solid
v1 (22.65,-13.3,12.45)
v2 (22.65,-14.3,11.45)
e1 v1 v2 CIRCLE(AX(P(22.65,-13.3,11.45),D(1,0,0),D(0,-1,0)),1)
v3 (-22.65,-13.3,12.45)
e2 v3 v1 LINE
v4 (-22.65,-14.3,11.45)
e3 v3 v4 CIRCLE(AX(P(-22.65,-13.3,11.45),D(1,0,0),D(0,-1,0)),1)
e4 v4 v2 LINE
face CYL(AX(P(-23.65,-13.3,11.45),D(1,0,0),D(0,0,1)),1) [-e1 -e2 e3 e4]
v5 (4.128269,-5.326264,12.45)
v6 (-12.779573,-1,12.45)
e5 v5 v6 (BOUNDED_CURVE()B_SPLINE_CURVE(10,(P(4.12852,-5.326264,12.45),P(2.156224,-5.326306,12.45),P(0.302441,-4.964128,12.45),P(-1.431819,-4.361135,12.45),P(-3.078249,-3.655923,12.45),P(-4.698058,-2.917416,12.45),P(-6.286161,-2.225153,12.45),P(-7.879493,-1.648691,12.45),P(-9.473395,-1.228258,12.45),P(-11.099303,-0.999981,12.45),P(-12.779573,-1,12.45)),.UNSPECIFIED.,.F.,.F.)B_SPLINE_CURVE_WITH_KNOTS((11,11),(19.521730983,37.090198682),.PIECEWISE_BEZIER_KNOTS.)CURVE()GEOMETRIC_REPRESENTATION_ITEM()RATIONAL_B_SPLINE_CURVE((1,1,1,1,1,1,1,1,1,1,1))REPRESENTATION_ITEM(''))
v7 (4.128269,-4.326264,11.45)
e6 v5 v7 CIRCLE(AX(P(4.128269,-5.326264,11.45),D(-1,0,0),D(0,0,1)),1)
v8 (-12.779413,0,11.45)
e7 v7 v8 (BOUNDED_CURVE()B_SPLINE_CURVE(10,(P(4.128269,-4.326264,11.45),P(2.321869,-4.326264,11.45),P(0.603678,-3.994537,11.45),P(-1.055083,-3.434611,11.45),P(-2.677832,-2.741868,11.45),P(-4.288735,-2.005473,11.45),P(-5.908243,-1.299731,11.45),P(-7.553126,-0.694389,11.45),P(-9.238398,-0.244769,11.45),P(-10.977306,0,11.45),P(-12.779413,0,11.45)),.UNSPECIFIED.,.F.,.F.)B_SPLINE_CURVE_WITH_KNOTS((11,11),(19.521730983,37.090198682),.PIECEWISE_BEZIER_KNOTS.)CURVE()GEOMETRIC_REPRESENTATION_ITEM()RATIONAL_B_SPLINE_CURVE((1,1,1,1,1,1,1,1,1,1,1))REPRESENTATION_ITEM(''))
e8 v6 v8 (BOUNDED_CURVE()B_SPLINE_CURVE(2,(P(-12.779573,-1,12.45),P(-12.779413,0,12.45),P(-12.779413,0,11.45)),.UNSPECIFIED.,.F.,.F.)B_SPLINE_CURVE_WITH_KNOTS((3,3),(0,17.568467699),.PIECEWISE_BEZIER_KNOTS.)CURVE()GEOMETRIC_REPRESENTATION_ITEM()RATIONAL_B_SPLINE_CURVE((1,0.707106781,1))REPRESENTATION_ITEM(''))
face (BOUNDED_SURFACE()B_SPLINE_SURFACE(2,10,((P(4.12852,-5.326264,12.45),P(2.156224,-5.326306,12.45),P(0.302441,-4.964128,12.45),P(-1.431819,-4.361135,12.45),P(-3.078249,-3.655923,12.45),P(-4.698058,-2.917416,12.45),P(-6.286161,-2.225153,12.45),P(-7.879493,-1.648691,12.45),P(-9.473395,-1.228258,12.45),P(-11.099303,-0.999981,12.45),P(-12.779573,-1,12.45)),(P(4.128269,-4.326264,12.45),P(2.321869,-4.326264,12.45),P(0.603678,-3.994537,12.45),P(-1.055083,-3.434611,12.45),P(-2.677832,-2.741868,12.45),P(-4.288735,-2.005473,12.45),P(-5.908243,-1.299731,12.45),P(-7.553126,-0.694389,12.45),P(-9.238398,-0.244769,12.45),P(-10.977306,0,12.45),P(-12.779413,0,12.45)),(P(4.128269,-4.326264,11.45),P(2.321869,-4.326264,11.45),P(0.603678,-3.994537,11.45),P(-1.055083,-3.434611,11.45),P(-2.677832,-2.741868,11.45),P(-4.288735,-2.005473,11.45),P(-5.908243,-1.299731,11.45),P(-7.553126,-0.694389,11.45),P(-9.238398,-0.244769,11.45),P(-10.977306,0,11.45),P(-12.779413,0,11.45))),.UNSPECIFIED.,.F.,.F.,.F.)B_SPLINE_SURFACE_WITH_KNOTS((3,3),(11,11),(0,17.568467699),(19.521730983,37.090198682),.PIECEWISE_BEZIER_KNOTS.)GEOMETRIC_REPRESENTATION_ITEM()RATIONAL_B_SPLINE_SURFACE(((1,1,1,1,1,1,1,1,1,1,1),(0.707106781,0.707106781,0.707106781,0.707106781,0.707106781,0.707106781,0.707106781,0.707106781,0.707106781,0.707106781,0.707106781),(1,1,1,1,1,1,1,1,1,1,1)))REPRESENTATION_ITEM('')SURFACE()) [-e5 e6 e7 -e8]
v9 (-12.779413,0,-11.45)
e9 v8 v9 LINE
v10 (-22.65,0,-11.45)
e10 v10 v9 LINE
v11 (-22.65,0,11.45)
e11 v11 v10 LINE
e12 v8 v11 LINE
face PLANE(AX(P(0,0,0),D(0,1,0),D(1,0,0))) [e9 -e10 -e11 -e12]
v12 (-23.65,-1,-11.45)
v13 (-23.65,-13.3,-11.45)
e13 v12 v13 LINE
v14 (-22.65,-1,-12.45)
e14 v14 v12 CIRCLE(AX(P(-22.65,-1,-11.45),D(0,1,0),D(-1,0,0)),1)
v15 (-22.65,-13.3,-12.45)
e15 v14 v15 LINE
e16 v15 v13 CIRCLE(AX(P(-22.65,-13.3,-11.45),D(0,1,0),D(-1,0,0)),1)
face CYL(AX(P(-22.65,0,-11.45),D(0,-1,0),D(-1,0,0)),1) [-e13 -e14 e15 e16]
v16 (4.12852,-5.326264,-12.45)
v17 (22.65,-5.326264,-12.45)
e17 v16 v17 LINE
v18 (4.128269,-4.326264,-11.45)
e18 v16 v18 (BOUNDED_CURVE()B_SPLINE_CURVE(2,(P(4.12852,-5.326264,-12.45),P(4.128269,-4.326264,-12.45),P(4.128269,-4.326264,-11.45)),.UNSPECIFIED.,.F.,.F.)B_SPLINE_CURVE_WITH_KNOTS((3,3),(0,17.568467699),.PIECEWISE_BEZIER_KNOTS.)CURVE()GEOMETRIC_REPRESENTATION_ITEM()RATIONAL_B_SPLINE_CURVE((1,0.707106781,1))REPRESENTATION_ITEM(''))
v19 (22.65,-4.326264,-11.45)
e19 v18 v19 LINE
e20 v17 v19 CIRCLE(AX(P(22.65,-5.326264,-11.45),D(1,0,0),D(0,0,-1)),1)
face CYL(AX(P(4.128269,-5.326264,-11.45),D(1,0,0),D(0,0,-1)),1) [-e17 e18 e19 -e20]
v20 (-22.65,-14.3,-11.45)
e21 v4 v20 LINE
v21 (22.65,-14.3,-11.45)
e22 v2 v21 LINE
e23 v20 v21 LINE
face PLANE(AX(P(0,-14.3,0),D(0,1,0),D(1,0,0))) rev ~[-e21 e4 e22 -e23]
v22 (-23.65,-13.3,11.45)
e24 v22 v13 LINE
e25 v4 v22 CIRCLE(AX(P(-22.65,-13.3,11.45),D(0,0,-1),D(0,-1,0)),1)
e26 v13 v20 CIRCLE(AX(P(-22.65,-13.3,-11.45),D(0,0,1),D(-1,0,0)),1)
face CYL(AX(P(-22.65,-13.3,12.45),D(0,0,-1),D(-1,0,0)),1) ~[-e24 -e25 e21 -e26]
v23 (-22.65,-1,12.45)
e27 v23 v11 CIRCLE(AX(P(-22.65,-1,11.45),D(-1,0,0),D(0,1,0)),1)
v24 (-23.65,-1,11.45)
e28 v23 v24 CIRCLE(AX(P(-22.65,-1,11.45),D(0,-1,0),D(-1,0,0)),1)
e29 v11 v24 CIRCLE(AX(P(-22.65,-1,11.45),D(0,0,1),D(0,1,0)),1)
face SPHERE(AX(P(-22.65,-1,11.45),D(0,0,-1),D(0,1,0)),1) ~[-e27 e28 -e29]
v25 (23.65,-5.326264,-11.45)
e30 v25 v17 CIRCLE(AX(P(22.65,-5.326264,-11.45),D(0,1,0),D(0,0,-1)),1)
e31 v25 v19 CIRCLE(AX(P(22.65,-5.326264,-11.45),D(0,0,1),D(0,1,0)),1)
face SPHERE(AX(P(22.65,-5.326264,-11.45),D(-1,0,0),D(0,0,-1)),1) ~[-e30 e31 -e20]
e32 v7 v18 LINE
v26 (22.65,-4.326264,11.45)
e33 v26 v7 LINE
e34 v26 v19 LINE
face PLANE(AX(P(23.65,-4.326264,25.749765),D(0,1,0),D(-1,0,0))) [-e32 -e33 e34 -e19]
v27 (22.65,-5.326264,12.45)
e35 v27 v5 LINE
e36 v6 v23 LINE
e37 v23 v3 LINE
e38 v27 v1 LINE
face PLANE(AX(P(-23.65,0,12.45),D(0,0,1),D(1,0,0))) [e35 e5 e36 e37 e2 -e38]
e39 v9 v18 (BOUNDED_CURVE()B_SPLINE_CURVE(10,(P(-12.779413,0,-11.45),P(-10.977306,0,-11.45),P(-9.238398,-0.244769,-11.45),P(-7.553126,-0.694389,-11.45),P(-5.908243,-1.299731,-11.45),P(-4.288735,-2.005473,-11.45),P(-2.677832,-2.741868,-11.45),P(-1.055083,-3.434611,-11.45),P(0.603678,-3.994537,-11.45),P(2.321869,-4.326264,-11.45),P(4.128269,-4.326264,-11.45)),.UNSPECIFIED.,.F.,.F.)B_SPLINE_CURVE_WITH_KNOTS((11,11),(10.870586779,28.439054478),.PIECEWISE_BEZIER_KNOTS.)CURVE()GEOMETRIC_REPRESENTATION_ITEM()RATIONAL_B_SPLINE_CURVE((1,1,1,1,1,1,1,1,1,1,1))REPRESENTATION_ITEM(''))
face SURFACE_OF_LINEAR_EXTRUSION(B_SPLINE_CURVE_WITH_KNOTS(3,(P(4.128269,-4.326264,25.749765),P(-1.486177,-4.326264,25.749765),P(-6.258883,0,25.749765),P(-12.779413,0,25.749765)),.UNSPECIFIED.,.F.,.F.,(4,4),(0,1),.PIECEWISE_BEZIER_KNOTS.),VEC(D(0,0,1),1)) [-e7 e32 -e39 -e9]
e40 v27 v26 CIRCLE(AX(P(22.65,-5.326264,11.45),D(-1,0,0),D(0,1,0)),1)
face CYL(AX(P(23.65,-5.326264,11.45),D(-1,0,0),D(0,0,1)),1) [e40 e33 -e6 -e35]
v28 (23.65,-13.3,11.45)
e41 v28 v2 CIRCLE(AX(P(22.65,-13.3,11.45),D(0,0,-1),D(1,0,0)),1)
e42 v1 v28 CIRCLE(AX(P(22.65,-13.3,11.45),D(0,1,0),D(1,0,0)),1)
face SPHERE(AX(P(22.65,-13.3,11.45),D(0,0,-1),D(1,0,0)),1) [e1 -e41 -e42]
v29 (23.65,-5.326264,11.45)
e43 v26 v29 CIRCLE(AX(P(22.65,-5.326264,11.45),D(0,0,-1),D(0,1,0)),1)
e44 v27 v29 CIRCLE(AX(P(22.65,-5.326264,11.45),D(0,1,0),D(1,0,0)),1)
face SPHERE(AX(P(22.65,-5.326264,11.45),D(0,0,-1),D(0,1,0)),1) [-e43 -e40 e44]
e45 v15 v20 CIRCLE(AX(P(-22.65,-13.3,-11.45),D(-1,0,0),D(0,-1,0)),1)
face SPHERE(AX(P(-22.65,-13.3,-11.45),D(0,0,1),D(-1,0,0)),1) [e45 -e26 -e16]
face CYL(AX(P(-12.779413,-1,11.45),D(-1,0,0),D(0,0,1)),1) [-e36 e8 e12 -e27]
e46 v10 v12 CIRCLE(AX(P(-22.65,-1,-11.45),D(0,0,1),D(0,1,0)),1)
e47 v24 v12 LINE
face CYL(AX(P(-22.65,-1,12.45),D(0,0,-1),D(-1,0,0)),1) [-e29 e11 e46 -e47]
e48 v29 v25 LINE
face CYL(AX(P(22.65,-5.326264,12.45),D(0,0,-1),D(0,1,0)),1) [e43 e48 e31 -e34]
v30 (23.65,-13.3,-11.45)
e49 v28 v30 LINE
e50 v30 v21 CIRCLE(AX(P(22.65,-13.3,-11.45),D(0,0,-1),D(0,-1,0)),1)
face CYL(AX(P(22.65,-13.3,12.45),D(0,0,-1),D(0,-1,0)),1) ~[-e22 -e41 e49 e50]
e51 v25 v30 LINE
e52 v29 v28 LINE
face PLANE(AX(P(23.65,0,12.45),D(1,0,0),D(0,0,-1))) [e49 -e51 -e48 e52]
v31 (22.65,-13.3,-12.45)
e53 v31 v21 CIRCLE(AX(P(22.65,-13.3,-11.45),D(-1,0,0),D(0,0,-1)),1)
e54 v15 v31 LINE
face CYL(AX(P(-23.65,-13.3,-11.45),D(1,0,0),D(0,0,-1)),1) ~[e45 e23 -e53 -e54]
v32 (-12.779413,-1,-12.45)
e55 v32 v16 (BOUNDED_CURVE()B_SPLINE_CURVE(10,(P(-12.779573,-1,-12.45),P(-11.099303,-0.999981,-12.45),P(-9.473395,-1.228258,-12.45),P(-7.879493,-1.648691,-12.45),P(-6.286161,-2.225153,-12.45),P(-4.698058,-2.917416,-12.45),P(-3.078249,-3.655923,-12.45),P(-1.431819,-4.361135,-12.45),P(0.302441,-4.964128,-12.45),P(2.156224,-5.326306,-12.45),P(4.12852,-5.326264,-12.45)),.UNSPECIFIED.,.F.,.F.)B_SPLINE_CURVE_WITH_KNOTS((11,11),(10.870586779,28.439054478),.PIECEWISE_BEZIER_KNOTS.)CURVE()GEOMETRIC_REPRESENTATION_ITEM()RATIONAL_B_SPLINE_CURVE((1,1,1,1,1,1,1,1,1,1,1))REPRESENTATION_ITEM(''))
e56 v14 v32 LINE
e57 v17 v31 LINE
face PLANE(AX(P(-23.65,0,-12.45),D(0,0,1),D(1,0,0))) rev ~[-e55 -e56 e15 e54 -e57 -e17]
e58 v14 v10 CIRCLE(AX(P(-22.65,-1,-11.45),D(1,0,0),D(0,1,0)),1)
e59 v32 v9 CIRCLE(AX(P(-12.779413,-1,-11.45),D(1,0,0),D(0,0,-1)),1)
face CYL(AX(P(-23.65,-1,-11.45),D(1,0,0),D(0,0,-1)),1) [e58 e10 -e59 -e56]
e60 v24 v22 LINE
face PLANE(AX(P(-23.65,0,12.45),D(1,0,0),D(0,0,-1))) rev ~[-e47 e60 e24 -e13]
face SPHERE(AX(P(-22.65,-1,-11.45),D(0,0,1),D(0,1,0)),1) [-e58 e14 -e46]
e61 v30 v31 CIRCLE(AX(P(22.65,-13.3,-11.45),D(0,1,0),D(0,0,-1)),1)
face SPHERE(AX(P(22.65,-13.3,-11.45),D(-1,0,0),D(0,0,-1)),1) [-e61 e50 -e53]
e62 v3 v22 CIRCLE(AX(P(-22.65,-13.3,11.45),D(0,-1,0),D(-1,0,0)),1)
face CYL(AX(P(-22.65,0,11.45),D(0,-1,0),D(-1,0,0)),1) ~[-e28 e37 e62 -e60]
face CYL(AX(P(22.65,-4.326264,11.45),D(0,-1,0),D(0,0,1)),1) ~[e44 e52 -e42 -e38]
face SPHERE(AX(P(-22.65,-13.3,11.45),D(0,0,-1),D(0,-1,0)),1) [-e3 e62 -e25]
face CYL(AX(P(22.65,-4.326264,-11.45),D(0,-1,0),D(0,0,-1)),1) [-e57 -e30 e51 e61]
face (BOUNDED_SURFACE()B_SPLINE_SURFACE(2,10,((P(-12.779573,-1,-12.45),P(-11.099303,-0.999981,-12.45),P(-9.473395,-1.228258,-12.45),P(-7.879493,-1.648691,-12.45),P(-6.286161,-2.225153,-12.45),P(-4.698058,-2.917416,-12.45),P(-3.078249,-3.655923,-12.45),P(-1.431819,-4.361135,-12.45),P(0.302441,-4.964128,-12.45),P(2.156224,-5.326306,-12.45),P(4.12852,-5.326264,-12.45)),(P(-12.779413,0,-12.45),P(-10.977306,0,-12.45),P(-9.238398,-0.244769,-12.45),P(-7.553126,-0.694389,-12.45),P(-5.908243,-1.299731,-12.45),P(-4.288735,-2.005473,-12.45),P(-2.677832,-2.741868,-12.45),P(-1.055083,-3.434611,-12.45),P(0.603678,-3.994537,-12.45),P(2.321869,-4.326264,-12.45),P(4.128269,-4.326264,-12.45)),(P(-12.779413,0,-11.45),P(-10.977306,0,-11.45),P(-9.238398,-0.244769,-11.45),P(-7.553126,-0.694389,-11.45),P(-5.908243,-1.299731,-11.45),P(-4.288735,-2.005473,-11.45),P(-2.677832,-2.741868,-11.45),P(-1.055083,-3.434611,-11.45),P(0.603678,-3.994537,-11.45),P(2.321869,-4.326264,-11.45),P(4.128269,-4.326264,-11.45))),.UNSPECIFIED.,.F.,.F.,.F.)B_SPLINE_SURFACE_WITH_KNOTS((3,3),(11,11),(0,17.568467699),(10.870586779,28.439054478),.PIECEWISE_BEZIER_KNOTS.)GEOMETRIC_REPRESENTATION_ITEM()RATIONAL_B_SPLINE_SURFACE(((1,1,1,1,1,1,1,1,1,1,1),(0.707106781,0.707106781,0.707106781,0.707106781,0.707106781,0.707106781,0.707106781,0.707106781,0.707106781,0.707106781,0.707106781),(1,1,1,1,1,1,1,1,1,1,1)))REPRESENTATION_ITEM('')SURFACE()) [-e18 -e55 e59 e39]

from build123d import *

# Parameters (mm, degrees)
SKETCH2_W               = 47.3
SKETCH2_H               = 24.9
BOSS_EXTRUDE1_DEPTH     = 14.3
CUT_EXTRUDE1_DEPTH      = 38.199764784
CUT_EXTRUDE1_DEPTH_BACK = 38.199764784
FILLET1_R               = 1


with BuildPart() as part:
    # Sketch2 → Boss-Extrude1 (new body)
    with BuildSketch(Plane(origin=(0, 0, 0), x_dir=(1, 0, 0), z_dir=(0, 1, 0))):
        Rectangle(SKETCH2_W, SKETCH2_H)
    extrude(amount=-BOSS_EXTRUDE1_DEPTH)

    # Sketch3 → Cut-Extrude1 (cut, two sides: drawn at the far end of the back side and taken through both)
    with BuildSketch(Plane(origin=(0, 0, -12.45), x_dir=(-1, 0, 0), z_dir=(0, 0, -1)).offset(-CUT_EXTRUDE1_DEPTH_BACK)):
        with BuildLine():
            Line((-23.65, -4.326263992), (-4.128269017, -4.326263992))
            add(Edge.make_bspline(
                [(-4.128269017, -4.326263992), (1.486176846, -4.326263992), (6.258882745, 0), (12.779413221, 0)],
                knots=[0, 0, 0, 0, 1, 1, 1, 1], degree=3))
            Line((12.779413221, 0), (-23.65, 0))
            Line((-23.65, 0), (-23.65, -4.326263992))
        make_face()
    extrude(amount=CUT_EXTRUDE1_DEPTH + CUT_EXTRUDE1_DEPTH_BACK, mode=Mode.SUBTRACT)

    # Fillet1
    fillet1_edges = [part.edges().sort_by_distance(p)[0] for p in [
        (-23.65, -14.3, 0),
        (-23.65, 0, 0),
        (-18.214706611, 0, -12.45),
        (-23.65, -7.15, -12.45),
        (0, -14.3, -12.45),
        (13.889134509, -4.326263992, -12.45),
        (-4.294045932, -2.040368807, -12.45),
        (23.65, -9.313131996, -12.45),
        (23.65, -14.3, 0),
        (23.65, -4.326263992, 0),
        (13.889134509, -4.326263992, 12.45),
        (23.65, -9.313131996, 12.45),
        (0, -14.3, 12.45),
        (-23.65, -7.15, 12.45),
        (-18.214706611, 0, 12.45),
        (-4.294045921, -2.040368812, 12.45),
    ]]
    fillet(fillet1_edges, radius=FILLET1_R)


solid = part.part
